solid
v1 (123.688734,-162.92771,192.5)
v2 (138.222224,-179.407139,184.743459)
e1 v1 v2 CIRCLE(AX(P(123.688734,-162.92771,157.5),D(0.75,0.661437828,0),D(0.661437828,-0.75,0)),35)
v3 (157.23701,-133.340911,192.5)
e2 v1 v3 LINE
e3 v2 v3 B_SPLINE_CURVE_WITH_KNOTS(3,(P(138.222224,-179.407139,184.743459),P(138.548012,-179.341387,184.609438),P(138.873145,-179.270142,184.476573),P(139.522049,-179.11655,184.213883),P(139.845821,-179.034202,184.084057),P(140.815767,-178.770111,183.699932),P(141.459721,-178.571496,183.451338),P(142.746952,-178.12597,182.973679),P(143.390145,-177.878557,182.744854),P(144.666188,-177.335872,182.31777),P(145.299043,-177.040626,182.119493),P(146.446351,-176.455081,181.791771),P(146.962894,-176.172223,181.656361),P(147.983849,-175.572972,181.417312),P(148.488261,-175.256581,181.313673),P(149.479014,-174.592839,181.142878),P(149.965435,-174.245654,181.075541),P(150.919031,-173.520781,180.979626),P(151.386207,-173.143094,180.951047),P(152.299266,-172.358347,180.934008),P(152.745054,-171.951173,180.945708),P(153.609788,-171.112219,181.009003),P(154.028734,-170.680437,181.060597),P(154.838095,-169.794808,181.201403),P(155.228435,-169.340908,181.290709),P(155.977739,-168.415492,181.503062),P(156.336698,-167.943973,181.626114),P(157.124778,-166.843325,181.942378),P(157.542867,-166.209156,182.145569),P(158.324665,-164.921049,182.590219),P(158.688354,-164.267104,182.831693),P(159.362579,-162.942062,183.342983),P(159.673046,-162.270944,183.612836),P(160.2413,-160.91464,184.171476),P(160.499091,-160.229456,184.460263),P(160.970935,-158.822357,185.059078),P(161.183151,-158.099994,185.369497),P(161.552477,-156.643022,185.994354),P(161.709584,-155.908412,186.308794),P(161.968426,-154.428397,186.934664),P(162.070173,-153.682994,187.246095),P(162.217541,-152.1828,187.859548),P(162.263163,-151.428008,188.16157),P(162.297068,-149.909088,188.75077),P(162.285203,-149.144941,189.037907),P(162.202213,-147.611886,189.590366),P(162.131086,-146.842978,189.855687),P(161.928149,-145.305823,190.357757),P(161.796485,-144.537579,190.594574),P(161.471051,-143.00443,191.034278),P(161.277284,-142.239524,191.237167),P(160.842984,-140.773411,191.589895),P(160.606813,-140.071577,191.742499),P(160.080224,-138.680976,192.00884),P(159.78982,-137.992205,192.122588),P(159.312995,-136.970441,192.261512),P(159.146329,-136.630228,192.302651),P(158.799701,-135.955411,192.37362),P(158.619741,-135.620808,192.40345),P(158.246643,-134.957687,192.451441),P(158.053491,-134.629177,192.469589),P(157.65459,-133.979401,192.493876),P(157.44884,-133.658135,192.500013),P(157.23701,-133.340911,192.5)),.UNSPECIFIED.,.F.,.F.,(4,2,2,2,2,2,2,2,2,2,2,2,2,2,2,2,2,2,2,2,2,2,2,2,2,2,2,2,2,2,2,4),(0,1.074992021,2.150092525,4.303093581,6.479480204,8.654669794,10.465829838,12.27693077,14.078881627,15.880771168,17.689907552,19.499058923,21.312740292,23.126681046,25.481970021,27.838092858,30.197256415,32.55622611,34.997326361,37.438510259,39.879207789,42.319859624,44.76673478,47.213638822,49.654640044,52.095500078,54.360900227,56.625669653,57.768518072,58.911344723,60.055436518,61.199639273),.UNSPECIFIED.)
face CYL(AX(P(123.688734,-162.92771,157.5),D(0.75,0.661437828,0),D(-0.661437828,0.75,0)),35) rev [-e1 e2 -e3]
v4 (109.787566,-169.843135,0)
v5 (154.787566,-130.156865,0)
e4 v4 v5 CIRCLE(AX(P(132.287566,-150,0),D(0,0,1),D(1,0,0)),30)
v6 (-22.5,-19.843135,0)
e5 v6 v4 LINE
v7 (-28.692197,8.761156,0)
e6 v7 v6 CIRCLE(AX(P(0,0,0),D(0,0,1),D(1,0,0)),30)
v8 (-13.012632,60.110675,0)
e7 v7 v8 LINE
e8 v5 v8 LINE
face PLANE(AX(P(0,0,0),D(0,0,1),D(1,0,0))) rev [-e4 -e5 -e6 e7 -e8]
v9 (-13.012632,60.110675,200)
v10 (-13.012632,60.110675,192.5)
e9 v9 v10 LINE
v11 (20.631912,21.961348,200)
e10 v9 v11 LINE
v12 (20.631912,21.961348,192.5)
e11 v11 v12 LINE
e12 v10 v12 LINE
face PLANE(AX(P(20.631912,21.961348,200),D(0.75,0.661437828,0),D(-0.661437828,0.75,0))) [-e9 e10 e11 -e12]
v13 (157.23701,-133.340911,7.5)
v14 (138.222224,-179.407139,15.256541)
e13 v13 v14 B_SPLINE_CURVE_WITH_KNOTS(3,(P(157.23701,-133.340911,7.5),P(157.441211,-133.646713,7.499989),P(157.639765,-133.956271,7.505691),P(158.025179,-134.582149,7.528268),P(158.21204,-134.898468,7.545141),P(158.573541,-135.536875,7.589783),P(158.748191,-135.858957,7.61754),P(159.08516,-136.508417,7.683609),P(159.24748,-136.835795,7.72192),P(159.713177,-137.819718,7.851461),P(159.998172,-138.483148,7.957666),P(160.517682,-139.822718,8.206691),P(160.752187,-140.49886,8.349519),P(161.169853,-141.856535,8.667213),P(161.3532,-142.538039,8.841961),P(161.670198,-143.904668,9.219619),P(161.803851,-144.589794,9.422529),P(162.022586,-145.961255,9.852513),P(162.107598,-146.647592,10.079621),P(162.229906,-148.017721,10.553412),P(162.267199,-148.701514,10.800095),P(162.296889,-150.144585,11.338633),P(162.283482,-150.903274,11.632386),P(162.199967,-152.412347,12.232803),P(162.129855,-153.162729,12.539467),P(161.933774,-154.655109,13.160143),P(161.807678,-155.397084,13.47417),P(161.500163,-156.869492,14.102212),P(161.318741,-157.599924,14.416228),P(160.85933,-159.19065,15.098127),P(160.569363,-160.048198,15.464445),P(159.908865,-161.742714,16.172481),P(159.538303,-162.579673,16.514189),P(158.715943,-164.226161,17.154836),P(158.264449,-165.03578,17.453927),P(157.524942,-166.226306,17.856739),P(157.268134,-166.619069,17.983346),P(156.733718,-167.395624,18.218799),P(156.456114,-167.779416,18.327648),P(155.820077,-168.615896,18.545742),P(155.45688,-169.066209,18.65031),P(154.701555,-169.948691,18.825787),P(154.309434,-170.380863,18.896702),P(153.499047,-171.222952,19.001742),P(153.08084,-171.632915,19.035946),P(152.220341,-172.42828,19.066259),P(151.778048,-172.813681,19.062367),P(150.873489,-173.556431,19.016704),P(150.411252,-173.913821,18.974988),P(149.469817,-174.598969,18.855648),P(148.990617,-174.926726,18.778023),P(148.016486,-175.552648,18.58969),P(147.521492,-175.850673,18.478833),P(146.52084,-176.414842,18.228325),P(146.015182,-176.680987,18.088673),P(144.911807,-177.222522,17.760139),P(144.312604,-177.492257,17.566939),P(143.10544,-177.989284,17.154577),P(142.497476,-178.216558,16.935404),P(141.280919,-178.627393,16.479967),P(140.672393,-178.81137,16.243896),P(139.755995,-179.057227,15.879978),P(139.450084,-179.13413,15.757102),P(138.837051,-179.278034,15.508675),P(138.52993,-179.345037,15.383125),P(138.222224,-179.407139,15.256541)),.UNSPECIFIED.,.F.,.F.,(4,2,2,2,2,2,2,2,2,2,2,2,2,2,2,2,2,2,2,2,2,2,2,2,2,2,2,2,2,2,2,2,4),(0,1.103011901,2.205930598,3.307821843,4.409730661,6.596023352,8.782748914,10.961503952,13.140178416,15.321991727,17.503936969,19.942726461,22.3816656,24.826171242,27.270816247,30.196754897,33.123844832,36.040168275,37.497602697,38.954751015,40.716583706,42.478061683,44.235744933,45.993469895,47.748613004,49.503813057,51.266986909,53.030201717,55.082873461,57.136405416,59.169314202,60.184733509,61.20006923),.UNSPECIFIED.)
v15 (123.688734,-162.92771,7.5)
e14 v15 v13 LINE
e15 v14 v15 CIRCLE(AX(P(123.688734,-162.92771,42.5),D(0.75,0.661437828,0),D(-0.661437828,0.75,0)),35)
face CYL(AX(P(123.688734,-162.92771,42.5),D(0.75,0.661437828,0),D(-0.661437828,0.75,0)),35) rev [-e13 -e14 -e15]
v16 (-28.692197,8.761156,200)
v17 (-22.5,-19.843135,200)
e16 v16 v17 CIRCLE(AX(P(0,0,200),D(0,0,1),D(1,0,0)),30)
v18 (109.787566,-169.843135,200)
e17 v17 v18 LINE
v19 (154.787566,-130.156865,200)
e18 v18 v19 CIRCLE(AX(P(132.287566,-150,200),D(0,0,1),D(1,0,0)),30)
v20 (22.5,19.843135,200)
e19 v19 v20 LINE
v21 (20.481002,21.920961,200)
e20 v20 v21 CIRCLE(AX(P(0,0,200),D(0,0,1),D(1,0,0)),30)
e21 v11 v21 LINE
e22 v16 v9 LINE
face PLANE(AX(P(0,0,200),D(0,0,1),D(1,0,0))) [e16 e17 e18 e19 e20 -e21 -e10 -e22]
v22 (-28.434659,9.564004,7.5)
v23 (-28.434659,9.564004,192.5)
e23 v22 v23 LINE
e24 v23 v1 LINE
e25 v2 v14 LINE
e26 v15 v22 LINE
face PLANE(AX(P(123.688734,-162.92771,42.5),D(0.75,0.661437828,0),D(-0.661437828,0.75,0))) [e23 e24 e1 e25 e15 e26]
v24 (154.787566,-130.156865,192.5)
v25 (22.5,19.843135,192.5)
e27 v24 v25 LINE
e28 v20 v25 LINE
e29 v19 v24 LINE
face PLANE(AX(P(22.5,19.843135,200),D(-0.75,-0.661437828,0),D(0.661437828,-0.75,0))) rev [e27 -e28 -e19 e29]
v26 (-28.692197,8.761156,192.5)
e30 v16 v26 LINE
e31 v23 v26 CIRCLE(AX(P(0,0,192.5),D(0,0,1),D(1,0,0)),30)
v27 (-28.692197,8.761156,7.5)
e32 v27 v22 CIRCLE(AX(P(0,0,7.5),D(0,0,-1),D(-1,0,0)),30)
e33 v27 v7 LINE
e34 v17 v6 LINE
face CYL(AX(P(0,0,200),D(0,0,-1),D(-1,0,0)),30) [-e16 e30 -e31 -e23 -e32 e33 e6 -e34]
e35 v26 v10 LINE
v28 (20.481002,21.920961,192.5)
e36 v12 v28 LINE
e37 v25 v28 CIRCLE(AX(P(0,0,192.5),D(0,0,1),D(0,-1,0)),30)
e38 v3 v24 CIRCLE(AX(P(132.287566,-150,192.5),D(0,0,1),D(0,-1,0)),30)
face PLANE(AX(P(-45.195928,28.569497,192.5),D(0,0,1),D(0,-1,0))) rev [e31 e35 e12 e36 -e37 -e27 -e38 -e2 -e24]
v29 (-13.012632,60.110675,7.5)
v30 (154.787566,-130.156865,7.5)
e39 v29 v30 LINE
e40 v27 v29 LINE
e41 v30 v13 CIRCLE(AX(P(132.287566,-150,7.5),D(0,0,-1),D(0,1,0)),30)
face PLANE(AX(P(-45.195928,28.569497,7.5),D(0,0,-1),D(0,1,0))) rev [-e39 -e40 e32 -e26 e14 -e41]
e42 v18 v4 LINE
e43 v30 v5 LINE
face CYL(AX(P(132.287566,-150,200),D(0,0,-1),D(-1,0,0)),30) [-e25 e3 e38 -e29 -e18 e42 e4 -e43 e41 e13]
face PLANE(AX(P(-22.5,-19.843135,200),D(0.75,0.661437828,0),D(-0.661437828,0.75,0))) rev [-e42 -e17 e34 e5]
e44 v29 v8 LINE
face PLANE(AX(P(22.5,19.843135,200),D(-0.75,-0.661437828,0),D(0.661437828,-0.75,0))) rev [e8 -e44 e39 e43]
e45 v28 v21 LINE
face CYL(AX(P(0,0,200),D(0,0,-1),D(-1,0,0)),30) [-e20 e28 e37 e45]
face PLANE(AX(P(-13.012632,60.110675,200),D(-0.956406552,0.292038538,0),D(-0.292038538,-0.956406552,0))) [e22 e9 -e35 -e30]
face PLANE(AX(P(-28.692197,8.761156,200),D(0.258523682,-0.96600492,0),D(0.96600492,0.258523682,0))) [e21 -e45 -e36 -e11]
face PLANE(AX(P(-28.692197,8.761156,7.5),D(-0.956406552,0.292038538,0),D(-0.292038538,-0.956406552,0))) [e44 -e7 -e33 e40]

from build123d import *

# Parameters (mm, degrees)
BOSS_EXTRUDE4_DEPTH = 200
CUT_EXTRUDE5_DEPTH  = 45
BOSS_EXTRUDE5_DEPTH = 7.5
BOSS_EXTRUDE6_DEPTH = 7.5


with BuildPart() as part:
    # Sketch1 → Boss-Extrude4 (new body)
    with BuildSketch(Plane.XY):
        with BuildLine():
            Line((22.5, 19.843134833), (154.787565553, -130.156865167))
            ThreePointArc((154.787565553, -130.156865167), (152.130700386, -172.5), (109.787565553, -169.843134833))
            Line((109.787565553, -169.843134833), (-22.5, -19.843134833))
            ThreePointArc((-22.5, -19.843134833), (-19.843134833, 22.5), (22.5, 19.843134833))
        make_face()
    extrude(amount=BOSS_EXTRUDE4_DEPTH)

    # Sketch4 → Cut-Extrude5 (cut)
    with BuildSketch(Plane(origin=(22.5, 19.843134833, 0), x_dir=(0, 0, -1), z_dir=(0.75, 0.661437828, 0))):
        with BuildLine():
            Line((-192.5, 51.321419616), (-192.5, -204.008189627))
            ThreePointArc((-192.5, -204.008189627), (-182.248737342, -228.756926968), (-157.5, -239.008189627))
            Line((-157.5, -239.008189627), (-42.5, -239.008189627))
            ThreePointArc((-42.5, -239.008189627), (-17.751262658, -228.756926968), (-7.5, -204.008189627))
            Line((-7.5, -204.008189627), (-7.5, 51.321419616))
            Line((-7.5, 51.321419616), (-192.5, 51.321419616))
        make_face()
    extrude(amount=-CUT_EXTRUDE5_DEPTH, mode=Mode.SUBTRACT)

    # Sketch5 → Boss-Extrude5 (add)
    with BuildSketch(Plane(origin=(0, 0, 0), x_dir=(-1, 0, 0), z_dir=(0, 0, -1))):
        with BuildLine():
            ThreePointArc((-22.5, 19.843134833), (6.347313412, 29.320839218), (28.692196557, 8.761156129))
            Line((28.692196557, 8.761156129), (13.012632005, 60.110674556))
            Line((13.012632005, 60.110674556), (-22.5, 19.843134833))
        make_face()
    extrude(amount=-BOSS_EXTRUDE5_DEPTH)

    # Sketch6 → Boss-Extrude6 (add)
    with BuildSketch(Plane(origin=(0, 0, 192.5), x_dir=(-1, 0, 0), z_dir=(0, 0, -1))):
        Polygon((-20.631911768, 21.961347785), (13.012632005, 60.110674556), (28.692196557, 8.761156129), align=None)
    extrude(amount=-BOSS_EXTRUDE6_DEPTH)


solid = part.part
